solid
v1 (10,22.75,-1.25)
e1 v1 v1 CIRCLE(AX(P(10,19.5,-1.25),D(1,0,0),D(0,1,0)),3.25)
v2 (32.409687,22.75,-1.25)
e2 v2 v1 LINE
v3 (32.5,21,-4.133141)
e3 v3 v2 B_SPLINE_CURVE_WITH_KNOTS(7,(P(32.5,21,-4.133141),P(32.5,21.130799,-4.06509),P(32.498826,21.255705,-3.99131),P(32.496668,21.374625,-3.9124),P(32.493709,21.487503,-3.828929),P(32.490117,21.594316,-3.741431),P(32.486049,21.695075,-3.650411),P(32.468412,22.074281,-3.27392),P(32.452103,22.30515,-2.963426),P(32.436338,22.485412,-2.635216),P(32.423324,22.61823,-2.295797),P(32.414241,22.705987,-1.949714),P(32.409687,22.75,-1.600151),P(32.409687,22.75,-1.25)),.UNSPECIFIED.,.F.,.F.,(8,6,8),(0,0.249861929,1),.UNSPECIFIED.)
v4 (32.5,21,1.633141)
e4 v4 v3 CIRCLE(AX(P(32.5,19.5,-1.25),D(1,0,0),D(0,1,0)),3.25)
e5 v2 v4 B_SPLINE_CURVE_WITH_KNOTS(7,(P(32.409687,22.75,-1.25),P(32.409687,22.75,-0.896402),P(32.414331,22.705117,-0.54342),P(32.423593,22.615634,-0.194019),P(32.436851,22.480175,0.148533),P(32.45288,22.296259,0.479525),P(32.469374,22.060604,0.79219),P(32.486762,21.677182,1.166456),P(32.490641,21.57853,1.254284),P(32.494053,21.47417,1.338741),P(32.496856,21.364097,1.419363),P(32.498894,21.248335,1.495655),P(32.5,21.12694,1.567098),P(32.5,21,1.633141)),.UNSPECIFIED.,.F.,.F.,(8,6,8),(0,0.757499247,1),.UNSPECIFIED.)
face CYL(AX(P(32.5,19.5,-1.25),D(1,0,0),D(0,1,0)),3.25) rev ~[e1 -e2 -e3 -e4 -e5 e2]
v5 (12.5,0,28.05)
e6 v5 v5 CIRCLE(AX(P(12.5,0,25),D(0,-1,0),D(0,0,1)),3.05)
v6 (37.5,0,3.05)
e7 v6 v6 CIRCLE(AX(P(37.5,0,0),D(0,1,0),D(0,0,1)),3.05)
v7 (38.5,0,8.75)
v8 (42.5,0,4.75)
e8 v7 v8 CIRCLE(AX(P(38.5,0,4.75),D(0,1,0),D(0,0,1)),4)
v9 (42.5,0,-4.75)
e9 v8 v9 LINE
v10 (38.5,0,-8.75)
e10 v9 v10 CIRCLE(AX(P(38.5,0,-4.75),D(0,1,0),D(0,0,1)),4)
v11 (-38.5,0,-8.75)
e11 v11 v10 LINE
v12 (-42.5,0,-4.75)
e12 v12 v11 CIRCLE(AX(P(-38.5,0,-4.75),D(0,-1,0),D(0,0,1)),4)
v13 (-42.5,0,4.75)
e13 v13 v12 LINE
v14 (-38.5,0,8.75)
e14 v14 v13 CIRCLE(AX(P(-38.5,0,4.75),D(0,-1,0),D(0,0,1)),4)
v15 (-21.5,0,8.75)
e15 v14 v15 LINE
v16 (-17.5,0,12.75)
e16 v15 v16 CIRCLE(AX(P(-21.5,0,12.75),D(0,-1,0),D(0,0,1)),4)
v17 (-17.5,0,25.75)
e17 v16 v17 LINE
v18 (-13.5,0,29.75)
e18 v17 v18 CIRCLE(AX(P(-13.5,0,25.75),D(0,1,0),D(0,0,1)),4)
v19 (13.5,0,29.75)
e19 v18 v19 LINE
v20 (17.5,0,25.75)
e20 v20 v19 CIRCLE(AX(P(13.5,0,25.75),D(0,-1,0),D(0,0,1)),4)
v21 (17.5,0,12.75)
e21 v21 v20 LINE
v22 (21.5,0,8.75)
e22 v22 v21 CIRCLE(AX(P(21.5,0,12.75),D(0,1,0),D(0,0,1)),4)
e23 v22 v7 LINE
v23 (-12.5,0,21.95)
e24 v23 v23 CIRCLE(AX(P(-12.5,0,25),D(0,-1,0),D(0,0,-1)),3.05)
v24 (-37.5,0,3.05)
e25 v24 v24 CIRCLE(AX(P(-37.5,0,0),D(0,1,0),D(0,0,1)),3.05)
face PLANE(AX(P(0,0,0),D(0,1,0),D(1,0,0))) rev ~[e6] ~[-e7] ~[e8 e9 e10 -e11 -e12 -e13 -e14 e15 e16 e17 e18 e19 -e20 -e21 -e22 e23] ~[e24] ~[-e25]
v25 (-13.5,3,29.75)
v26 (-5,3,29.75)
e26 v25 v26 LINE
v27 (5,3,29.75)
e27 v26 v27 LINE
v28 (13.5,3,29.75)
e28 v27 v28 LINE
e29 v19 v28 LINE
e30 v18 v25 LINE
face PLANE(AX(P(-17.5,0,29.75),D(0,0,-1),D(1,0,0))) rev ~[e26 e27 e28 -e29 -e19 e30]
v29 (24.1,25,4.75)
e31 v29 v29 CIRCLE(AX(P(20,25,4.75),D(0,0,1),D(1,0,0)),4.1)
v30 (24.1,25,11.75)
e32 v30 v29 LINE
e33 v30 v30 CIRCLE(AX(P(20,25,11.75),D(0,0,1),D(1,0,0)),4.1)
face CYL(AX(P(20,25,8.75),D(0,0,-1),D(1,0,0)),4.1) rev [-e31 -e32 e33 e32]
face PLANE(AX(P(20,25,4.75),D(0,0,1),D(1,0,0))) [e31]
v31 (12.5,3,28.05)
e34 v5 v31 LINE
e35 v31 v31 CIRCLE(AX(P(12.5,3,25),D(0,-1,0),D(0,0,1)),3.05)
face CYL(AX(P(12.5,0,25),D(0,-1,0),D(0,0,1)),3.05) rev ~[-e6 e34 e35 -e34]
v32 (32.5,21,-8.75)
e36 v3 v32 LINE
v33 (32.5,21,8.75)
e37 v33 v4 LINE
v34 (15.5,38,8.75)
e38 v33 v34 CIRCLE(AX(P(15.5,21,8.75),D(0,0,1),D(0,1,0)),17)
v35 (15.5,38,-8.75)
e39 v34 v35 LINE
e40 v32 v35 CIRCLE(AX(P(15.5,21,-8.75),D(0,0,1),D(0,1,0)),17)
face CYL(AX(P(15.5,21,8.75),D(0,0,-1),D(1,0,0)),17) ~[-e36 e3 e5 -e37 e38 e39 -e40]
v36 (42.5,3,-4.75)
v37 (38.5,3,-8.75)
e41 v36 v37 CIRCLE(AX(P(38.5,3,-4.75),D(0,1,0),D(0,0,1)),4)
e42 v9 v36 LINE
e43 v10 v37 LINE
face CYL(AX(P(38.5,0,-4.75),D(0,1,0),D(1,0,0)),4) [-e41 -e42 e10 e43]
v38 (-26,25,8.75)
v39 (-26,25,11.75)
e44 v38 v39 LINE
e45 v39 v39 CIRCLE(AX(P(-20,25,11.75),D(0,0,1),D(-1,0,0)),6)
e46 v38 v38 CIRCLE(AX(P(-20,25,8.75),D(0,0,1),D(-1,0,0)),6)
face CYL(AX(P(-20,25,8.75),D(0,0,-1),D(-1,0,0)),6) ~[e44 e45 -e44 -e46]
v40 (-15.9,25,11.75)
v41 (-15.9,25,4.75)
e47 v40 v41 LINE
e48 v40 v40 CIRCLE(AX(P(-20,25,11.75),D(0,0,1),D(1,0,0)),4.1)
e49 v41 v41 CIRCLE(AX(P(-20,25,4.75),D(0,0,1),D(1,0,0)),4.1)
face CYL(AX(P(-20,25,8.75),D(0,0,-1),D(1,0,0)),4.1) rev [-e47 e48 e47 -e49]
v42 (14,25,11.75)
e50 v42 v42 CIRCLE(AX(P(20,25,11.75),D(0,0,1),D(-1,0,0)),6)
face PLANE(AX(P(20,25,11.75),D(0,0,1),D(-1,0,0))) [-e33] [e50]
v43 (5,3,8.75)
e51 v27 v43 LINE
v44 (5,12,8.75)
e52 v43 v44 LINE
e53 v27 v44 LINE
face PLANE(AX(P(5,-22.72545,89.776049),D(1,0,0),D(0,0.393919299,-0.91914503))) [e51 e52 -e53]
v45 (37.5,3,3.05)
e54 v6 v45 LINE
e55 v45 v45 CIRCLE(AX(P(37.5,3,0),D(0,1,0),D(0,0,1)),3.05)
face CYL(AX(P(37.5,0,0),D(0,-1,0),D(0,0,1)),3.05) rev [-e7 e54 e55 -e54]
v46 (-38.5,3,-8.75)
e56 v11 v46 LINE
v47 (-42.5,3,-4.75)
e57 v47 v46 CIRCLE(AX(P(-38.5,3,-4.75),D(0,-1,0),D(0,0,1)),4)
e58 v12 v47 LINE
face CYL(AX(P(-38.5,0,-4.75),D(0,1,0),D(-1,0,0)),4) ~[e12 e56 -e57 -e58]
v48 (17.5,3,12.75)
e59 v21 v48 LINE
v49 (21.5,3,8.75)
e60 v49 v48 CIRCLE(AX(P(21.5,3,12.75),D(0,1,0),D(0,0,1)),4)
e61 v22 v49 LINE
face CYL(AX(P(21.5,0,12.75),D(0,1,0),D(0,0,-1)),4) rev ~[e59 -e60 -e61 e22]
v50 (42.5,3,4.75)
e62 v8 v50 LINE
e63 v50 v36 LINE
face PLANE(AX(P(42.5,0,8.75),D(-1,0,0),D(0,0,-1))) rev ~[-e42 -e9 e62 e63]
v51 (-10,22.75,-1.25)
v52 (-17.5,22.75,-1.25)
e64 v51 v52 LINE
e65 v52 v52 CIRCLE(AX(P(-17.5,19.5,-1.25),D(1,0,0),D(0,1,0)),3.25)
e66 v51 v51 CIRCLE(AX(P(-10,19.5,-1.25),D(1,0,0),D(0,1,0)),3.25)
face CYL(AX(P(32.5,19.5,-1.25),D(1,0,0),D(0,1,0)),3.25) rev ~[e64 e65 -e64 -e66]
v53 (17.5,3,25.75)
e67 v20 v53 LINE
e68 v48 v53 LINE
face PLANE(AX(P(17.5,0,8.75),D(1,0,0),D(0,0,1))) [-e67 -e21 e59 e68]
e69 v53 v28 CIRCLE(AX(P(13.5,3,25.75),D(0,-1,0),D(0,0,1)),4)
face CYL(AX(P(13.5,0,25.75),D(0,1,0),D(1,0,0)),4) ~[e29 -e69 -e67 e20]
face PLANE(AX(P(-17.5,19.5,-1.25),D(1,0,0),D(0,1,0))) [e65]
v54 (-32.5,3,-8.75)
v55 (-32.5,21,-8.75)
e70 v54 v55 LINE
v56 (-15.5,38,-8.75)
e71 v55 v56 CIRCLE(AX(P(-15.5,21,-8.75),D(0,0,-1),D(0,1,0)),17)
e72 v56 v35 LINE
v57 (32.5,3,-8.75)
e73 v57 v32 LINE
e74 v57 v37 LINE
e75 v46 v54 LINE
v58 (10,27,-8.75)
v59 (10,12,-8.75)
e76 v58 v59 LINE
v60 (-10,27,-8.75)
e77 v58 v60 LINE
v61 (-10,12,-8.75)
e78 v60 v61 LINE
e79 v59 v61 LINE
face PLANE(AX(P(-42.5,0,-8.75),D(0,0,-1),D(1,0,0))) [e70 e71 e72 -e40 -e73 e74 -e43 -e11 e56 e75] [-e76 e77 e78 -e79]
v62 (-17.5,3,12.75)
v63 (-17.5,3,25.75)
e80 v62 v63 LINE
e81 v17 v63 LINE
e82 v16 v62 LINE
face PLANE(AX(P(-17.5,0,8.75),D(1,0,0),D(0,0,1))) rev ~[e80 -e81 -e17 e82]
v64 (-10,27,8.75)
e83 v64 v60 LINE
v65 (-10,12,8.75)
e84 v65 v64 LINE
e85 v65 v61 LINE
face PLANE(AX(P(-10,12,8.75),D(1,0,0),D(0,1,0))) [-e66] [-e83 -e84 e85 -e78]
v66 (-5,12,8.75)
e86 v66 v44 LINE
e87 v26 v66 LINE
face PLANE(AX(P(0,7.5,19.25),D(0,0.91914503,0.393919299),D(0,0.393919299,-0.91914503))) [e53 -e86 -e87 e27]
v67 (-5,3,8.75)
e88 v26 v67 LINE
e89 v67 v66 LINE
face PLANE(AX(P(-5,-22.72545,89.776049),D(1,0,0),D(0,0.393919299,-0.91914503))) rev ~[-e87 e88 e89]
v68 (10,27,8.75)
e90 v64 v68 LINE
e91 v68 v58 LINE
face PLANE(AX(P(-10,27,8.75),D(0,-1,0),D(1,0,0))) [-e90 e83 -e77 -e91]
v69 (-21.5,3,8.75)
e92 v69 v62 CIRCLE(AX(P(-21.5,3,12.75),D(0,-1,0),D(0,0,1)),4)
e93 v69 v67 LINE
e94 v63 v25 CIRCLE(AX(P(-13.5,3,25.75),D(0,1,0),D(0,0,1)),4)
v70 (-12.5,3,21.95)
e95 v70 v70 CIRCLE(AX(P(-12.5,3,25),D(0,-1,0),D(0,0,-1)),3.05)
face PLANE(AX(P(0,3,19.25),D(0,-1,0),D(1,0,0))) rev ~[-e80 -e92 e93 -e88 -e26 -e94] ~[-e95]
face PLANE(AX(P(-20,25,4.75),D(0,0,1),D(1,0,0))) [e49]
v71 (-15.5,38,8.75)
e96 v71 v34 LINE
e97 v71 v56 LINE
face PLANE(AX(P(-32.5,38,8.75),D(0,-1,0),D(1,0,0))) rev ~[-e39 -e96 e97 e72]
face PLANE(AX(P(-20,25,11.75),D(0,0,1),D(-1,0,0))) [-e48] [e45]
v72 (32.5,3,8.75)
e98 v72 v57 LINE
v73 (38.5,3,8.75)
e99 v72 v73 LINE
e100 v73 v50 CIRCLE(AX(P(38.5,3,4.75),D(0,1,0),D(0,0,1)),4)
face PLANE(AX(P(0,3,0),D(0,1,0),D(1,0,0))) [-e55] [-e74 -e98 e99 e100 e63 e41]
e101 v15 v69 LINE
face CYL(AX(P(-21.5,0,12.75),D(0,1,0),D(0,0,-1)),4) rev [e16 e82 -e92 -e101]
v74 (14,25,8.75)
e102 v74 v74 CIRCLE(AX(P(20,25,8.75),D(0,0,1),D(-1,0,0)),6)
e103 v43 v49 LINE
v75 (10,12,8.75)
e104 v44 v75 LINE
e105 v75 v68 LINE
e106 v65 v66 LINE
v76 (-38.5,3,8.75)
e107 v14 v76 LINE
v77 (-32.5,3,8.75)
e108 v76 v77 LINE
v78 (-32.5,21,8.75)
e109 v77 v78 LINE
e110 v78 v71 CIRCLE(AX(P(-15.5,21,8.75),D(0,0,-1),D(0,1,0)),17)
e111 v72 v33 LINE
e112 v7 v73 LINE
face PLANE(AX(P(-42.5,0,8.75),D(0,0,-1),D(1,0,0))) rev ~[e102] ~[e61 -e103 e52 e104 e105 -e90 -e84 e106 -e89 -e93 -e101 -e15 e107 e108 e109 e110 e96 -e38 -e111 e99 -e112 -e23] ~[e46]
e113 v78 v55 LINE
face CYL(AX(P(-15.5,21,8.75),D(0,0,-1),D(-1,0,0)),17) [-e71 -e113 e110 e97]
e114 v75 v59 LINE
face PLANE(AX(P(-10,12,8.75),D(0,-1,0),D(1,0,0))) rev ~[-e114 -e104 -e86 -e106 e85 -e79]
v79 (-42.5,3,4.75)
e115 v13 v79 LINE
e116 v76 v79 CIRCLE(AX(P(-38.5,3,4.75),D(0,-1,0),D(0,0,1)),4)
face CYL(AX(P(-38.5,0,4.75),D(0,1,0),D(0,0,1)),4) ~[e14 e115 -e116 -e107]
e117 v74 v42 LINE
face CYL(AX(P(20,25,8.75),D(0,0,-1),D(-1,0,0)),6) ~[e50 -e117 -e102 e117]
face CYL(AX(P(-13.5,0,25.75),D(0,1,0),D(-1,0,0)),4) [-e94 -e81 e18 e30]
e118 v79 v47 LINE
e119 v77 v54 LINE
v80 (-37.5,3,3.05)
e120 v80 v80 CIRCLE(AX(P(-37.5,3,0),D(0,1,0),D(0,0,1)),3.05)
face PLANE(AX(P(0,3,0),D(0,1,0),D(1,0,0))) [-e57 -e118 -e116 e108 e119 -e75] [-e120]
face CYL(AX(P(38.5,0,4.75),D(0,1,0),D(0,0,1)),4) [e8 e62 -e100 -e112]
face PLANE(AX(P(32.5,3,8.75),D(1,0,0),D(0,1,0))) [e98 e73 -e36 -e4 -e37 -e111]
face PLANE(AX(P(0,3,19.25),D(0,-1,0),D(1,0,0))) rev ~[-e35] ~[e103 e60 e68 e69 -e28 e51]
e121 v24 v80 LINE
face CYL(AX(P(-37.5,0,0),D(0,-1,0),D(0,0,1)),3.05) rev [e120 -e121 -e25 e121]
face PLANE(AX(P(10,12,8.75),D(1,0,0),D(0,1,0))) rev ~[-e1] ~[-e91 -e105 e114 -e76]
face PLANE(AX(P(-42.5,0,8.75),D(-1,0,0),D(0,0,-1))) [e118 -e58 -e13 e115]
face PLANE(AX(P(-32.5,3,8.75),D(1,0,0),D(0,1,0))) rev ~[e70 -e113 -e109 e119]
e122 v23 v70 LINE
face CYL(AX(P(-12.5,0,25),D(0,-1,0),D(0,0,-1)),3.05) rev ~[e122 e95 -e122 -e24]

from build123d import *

# Parameters (mm, degrees)
SKICA1_W                 = 85
SKICA1_H                 = 17.5
SKICA1_R                 = 3.05
P_IDAT_VYSUNUT_M1_DEPTH  = 3
SKICA3_W                 = 65
SKICA3_H                 = 35
P_IDAT_VYSUNUT_M2_DEPTH  = 17.5
ZAOBLIT2_R               = 17
SKICA4_R                 = 6
SKICA4_R_2               = 4.1
P_IDAT_VYSUNUT_M3_DEPTH  = 3
ODEBRAT_START            = -4
SKICA4_2_R               = 4.1
ODEBRAT_VYSUNUT_M1_DEPTH = 4
SKICA5_W                 = 20
SKICA5_H                 = 15
ODEBRAT_VYSUNUT_M2_DEPTH = 60.636398282
SKICA7_R                 = 3.25
ODEBRAT_VYSUNUT_M4_DEPTH = 50
SKICA8_W                 = 35
SKICA8_H                 = 21
SKICA8_R                 = 3.05
P_IDAT_VYSUNUT_M4_DEPTH  = 3
ZAOBLIT1_R               = 4
EBRO4_REACH              = 66.306
SKICA12_WALL_W           = 153.460110402
SKICA12_WALL_H           = 10


with BuildPart() as part:
    # Skica1 → P_idat vysunut_m1 (new body)
    with BuildSketch(Plane(origin=(0, 0, 0), x_dir=(1, 0, 0), z_dir=(0, 1, 0))):
        Rectangle(SKICA1_W, SKICA1_H)
        with Locations((-37.5, 0)):
            Circle(SKICA1_R, mode=Mode.SUBTRACT)
        with Locations((37.5, 0)):
            Circle(SKICA1_R, mode=Mode.SUBTRACT)
    extrude(amount=P_IDAT_VYSUNUT_M1_DEPTH)

    # Skica3 → P_idat vysunut_m2 (add)
    with BuildSketch(Plane.XY.offset(8.75)):
        with Locations((0, 20.5)):
            Rectangle(SKICA3_W, SKICA3_H)
    extrude(amount=-P_IDAT_VYSUNUT_M2_DEPTH)

    # Zaoblit2
    zaoblit2_edges = [part.edges().sort_by_distance(p)[0] for p in [
        (-32.5, 38, 0),
        (32.5, 38, 0),
    ]]
    fillet(zaoblit2_edges, radius=ZAOBLIT2_R)

    # Skica4 → P_idat vysunut_m3 (add)
    # profile 1 of 2: a face of its own
    with BuildSketch(Plane.XY.offset(8.75)):
        with Locations((-20, 25)):
            Circle(SKICA4_R)
        with Locations((-20, 25)):
            Circle(SKICA4_R_2, mode=Mode.SUBTRACT)
    # profile 2 of 2: a face of its own
    with BuildSketch(Plane.XY.offset(8.75)):
        with Locations((20, 25)):
            Circle(SKICA4_R)
        with Locations((20, 25)):
            Circle(SKICA4_R_2, mode=Mode.SUBTRACT)
    extrude(amount=P_IDAT_VYSUNUT_M3_DEPTH)

    # Skica4_2 → Odebrat vysunut_m1 (cut)
    with BuildSketch(Plane.XY.offset(8.75).offset(ODEBRAT_START)):
        with Locations((-20, 25)):
            Circle(SKICA4_2_R)
        with Locations((20, 25)):
            Circle(SKICA4_2_R)
    extrude(amount=ODEBRAT_VYSUNUT_M1_DEPTH, mode=Mode.SUBTRACT)

    # Skica5 → Odebrat vysunut_m2 (cut, through all)
    with BuildSketch(Plane.XY.offset(8.75)):
        with Locations((0, 19.5)):
            Rectangle(SKICA5_W, SKICA5_H)
    extrude(amount=-ODEBRAT_VYSUNUT_M2_DEPTH, mode=Mode.SUBTRACT)

    # Skica7 → Odebrat vysunut_m4 (cut)
    with BuildSketch(Plane(origin=(32.5, 0, 0), x_dir=(0, 0, -1), z_dir=(1, 0, 0))):
        with Locations((1.25, 19.5)):
            Circle(SKICA7_R)
    extrude(amount=-ODEBRAT_VYSUNUT_M4_DEPTH, mode=Mode.SUBTRACT)

    # Skica8 → P_idat vysunut_m4 (add)
    with BuildSketch(Plane.XZ):
        with Locations((0, 19.25)):
            Rectangle(SKICA8_W, SKICA8_H)
        with Locations((-12.5, 25)):
            Circle(SKICA8_R, mode=Mode.SUBTRACT)
        with Locations((12.5, 25)):
            Circle(SKICA8_R, mode=Mode.SUBTRACT)
    extrude(amount=-P_IDAT_VYSUNUT_M4_DEPTH)

    # Zaoblit1
    zaoblit1_edges = [part.edges().sort_by_distance(p)[0] for p in [
        (42.5, 1.5, 8.75),
        (42.5, 1.5, -8.75),
        (-42.5, 1.5, -8.75),
        (-42.5, 1.5, 8.75),
        (17.5, 1.5, 8.75),
        (-17.5, 1.5, 8.75),
        (-17.5, 1.5, 29.75),
        (17.5, 1.5, 29.75),
    ]]
    fillet(zaoblit1_edges, radius=ZAOBLIT1_R)

    # Skica12 wall → ebro4 (add, up to next)
    with BuildSketch(Plane(origin=(0, 7.5, 19.25), x_dir=(0, 0.393919298579, -0.919145030018), z_dir=(0, 0.919145030018, 0.393919298579)), mode=Mode.PRIVATE) as ebro4_sk1:
        Rectangle(SKICA12_WALL_W, SKICA12_WALL_H)
    ebro4_tool1 = extrude(ebro4_sk1.sketch, amount=-EBRO4_REACH, mode=Mode.PRIVATE) - part.part
    add(ebro4_tool1.solids().sort_by_distance((0, 7.5, 19.25))[0])


solid = part.part
